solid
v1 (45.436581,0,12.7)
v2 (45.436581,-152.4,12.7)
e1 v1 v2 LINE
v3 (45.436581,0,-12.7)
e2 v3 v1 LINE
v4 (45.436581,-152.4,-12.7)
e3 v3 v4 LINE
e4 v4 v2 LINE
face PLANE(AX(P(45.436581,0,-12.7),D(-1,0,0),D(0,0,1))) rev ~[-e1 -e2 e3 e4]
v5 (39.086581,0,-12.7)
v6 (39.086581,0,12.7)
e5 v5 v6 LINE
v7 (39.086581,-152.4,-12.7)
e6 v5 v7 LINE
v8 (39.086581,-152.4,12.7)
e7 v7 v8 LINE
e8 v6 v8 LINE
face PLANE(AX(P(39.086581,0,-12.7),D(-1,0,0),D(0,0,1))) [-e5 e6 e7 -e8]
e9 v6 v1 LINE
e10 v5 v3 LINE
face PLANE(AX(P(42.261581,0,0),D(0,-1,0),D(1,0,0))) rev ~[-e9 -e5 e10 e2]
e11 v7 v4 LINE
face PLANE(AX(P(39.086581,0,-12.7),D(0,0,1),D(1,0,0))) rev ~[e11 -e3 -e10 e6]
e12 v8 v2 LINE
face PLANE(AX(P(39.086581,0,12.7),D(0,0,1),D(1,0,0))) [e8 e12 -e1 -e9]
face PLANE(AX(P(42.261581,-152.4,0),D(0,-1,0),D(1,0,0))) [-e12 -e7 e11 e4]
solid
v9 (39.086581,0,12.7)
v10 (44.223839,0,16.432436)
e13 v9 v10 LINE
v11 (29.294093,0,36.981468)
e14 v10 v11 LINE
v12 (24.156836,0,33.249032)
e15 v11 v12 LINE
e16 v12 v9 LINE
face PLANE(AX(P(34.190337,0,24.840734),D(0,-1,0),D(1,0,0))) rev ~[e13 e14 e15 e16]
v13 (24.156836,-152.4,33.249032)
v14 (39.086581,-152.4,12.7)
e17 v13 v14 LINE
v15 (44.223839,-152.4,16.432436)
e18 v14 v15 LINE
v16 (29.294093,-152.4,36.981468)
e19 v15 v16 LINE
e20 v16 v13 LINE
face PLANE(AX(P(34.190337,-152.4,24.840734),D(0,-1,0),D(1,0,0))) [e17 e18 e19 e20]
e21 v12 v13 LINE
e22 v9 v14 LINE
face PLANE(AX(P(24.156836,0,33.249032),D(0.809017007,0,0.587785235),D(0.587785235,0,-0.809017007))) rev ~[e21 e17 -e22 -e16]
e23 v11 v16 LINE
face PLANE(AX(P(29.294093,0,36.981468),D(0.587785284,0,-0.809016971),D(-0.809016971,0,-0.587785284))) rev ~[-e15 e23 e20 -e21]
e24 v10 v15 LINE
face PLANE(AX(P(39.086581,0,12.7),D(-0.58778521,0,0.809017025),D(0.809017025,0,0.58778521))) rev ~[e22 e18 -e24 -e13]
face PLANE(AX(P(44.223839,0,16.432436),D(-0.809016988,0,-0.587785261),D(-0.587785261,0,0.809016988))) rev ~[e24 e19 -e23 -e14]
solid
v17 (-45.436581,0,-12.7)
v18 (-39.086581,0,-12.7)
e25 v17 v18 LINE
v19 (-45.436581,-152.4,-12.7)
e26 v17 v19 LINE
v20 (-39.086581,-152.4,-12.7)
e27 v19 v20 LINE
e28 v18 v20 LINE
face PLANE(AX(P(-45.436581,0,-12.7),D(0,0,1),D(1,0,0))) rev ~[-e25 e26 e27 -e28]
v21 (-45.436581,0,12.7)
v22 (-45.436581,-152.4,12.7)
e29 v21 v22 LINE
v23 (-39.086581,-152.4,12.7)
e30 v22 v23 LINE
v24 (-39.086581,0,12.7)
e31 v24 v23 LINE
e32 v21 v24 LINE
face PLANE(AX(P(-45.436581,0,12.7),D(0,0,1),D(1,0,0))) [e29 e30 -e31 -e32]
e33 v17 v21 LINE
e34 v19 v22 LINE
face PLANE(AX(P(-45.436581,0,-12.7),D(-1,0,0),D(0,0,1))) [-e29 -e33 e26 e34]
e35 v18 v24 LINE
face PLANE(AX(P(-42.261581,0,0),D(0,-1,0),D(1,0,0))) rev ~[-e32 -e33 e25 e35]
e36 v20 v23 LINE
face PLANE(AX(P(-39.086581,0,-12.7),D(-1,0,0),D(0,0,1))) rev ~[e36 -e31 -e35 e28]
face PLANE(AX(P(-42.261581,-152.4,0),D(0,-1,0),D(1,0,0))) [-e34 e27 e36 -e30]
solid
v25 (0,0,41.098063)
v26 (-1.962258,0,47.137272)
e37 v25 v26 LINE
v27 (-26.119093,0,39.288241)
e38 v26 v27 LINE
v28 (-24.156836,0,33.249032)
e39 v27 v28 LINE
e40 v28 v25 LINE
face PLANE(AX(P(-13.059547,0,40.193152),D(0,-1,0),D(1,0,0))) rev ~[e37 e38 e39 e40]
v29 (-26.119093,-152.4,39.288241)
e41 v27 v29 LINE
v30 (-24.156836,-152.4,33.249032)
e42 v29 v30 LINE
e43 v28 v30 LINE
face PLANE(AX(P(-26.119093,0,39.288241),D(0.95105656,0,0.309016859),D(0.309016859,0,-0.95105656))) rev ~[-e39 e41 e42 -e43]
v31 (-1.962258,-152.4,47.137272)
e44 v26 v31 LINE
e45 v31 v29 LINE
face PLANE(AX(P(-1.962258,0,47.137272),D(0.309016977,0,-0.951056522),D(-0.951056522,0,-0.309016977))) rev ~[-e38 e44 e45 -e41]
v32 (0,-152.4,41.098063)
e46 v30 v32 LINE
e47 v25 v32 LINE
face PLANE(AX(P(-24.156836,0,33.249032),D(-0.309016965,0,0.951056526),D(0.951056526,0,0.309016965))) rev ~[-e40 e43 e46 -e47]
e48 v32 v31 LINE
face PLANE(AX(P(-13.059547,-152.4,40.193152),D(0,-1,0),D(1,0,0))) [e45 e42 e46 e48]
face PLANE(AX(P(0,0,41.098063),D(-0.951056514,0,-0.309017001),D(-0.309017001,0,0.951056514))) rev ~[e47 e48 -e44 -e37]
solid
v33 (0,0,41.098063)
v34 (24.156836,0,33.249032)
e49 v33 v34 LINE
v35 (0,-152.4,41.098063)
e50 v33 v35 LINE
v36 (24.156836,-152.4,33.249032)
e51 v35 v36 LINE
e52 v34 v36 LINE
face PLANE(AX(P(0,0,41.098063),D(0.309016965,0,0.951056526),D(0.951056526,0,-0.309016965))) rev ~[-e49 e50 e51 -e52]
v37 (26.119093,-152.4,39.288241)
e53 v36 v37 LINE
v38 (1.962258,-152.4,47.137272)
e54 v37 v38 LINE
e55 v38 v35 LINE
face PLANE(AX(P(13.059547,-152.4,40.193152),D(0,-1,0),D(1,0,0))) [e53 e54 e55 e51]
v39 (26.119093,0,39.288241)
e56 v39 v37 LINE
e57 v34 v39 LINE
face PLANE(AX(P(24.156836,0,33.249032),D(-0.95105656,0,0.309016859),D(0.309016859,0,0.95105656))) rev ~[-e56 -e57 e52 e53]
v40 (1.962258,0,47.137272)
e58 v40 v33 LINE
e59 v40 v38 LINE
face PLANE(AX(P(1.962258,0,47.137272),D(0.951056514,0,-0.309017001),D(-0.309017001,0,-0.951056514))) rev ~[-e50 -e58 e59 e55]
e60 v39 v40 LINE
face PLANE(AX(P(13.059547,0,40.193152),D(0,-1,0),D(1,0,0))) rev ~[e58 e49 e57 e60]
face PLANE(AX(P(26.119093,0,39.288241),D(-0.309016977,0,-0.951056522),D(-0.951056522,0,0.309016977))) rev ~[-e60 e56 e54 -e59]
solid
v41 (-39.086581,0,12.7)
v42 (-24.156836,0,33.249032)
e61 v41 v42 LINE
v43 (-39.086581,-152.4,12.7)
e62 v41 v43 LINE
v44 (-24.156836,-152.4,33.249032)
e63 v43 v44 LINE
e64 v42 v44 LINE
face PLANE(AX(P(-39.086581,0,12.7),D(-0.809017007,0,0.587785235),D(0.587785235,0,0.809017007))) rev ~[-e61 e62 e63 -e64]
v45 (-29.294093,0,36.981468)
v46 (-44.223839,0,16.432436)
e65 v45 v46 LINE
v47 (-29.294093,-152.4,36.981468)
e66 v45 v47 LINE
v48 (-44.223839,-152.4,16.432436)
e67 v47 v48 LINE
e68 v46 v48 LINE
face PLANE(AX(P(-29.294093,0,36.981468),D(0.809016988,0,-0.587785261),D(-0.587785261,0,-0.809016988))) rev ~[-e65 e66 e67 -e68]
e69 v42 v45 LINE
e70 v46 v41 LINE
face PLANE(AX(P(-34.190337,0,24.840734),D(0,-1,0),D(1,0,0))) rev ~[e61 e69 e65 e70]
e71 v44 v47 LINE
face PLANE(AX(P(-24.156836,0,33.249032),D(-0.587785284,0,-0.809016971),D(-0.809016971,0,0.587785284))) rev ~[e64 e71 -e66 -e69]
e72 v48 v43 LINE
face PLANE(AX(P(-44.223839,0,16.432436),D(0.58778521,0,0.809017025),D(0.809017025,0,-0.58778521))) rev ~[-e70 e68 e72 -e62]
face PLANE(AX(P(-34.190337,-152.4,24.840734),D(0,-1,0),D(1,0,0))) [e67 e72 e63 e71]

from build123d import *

# Parameters (mm, degrees)
F0_W     = 6.35
F0_H     = 25.4
F1_DEPTH = 152.4


with BuildPart() as f1:
    # F0 (on Front) → F1 (new body)
    with BuildSketch(Plane.XZ):
        with Locations((-42.261581, 0)):
            Rectangle(F0_W, F0_H)
        Polygon((-44.223839, 16.432436), (-39.086581, 12.7), (-24.156836, 33.249032), (-29.294093, 36.981468), align=None)
        Polygon((-26.119093, 39.288241), (-24.156836, 33.249032), (0, 41.098063), (-1.962258, 47.137272), align=None)
        Polygon((1.962258, 47.137272), (0, 41.098063), (24.156836, 33.249032), (26.119093, 39.288241), align=None)
        Polygon((24.156836, 33.249032), (39.086581, 12.7), (44.223839, 16.432436), (29.294093, 36.981468), align=None)
        with Locations((42.261581, 0)):
            Rectangle(F0_W, F0_H)
    extrude(amount=F1_DEPTH)


solid = f1.part
